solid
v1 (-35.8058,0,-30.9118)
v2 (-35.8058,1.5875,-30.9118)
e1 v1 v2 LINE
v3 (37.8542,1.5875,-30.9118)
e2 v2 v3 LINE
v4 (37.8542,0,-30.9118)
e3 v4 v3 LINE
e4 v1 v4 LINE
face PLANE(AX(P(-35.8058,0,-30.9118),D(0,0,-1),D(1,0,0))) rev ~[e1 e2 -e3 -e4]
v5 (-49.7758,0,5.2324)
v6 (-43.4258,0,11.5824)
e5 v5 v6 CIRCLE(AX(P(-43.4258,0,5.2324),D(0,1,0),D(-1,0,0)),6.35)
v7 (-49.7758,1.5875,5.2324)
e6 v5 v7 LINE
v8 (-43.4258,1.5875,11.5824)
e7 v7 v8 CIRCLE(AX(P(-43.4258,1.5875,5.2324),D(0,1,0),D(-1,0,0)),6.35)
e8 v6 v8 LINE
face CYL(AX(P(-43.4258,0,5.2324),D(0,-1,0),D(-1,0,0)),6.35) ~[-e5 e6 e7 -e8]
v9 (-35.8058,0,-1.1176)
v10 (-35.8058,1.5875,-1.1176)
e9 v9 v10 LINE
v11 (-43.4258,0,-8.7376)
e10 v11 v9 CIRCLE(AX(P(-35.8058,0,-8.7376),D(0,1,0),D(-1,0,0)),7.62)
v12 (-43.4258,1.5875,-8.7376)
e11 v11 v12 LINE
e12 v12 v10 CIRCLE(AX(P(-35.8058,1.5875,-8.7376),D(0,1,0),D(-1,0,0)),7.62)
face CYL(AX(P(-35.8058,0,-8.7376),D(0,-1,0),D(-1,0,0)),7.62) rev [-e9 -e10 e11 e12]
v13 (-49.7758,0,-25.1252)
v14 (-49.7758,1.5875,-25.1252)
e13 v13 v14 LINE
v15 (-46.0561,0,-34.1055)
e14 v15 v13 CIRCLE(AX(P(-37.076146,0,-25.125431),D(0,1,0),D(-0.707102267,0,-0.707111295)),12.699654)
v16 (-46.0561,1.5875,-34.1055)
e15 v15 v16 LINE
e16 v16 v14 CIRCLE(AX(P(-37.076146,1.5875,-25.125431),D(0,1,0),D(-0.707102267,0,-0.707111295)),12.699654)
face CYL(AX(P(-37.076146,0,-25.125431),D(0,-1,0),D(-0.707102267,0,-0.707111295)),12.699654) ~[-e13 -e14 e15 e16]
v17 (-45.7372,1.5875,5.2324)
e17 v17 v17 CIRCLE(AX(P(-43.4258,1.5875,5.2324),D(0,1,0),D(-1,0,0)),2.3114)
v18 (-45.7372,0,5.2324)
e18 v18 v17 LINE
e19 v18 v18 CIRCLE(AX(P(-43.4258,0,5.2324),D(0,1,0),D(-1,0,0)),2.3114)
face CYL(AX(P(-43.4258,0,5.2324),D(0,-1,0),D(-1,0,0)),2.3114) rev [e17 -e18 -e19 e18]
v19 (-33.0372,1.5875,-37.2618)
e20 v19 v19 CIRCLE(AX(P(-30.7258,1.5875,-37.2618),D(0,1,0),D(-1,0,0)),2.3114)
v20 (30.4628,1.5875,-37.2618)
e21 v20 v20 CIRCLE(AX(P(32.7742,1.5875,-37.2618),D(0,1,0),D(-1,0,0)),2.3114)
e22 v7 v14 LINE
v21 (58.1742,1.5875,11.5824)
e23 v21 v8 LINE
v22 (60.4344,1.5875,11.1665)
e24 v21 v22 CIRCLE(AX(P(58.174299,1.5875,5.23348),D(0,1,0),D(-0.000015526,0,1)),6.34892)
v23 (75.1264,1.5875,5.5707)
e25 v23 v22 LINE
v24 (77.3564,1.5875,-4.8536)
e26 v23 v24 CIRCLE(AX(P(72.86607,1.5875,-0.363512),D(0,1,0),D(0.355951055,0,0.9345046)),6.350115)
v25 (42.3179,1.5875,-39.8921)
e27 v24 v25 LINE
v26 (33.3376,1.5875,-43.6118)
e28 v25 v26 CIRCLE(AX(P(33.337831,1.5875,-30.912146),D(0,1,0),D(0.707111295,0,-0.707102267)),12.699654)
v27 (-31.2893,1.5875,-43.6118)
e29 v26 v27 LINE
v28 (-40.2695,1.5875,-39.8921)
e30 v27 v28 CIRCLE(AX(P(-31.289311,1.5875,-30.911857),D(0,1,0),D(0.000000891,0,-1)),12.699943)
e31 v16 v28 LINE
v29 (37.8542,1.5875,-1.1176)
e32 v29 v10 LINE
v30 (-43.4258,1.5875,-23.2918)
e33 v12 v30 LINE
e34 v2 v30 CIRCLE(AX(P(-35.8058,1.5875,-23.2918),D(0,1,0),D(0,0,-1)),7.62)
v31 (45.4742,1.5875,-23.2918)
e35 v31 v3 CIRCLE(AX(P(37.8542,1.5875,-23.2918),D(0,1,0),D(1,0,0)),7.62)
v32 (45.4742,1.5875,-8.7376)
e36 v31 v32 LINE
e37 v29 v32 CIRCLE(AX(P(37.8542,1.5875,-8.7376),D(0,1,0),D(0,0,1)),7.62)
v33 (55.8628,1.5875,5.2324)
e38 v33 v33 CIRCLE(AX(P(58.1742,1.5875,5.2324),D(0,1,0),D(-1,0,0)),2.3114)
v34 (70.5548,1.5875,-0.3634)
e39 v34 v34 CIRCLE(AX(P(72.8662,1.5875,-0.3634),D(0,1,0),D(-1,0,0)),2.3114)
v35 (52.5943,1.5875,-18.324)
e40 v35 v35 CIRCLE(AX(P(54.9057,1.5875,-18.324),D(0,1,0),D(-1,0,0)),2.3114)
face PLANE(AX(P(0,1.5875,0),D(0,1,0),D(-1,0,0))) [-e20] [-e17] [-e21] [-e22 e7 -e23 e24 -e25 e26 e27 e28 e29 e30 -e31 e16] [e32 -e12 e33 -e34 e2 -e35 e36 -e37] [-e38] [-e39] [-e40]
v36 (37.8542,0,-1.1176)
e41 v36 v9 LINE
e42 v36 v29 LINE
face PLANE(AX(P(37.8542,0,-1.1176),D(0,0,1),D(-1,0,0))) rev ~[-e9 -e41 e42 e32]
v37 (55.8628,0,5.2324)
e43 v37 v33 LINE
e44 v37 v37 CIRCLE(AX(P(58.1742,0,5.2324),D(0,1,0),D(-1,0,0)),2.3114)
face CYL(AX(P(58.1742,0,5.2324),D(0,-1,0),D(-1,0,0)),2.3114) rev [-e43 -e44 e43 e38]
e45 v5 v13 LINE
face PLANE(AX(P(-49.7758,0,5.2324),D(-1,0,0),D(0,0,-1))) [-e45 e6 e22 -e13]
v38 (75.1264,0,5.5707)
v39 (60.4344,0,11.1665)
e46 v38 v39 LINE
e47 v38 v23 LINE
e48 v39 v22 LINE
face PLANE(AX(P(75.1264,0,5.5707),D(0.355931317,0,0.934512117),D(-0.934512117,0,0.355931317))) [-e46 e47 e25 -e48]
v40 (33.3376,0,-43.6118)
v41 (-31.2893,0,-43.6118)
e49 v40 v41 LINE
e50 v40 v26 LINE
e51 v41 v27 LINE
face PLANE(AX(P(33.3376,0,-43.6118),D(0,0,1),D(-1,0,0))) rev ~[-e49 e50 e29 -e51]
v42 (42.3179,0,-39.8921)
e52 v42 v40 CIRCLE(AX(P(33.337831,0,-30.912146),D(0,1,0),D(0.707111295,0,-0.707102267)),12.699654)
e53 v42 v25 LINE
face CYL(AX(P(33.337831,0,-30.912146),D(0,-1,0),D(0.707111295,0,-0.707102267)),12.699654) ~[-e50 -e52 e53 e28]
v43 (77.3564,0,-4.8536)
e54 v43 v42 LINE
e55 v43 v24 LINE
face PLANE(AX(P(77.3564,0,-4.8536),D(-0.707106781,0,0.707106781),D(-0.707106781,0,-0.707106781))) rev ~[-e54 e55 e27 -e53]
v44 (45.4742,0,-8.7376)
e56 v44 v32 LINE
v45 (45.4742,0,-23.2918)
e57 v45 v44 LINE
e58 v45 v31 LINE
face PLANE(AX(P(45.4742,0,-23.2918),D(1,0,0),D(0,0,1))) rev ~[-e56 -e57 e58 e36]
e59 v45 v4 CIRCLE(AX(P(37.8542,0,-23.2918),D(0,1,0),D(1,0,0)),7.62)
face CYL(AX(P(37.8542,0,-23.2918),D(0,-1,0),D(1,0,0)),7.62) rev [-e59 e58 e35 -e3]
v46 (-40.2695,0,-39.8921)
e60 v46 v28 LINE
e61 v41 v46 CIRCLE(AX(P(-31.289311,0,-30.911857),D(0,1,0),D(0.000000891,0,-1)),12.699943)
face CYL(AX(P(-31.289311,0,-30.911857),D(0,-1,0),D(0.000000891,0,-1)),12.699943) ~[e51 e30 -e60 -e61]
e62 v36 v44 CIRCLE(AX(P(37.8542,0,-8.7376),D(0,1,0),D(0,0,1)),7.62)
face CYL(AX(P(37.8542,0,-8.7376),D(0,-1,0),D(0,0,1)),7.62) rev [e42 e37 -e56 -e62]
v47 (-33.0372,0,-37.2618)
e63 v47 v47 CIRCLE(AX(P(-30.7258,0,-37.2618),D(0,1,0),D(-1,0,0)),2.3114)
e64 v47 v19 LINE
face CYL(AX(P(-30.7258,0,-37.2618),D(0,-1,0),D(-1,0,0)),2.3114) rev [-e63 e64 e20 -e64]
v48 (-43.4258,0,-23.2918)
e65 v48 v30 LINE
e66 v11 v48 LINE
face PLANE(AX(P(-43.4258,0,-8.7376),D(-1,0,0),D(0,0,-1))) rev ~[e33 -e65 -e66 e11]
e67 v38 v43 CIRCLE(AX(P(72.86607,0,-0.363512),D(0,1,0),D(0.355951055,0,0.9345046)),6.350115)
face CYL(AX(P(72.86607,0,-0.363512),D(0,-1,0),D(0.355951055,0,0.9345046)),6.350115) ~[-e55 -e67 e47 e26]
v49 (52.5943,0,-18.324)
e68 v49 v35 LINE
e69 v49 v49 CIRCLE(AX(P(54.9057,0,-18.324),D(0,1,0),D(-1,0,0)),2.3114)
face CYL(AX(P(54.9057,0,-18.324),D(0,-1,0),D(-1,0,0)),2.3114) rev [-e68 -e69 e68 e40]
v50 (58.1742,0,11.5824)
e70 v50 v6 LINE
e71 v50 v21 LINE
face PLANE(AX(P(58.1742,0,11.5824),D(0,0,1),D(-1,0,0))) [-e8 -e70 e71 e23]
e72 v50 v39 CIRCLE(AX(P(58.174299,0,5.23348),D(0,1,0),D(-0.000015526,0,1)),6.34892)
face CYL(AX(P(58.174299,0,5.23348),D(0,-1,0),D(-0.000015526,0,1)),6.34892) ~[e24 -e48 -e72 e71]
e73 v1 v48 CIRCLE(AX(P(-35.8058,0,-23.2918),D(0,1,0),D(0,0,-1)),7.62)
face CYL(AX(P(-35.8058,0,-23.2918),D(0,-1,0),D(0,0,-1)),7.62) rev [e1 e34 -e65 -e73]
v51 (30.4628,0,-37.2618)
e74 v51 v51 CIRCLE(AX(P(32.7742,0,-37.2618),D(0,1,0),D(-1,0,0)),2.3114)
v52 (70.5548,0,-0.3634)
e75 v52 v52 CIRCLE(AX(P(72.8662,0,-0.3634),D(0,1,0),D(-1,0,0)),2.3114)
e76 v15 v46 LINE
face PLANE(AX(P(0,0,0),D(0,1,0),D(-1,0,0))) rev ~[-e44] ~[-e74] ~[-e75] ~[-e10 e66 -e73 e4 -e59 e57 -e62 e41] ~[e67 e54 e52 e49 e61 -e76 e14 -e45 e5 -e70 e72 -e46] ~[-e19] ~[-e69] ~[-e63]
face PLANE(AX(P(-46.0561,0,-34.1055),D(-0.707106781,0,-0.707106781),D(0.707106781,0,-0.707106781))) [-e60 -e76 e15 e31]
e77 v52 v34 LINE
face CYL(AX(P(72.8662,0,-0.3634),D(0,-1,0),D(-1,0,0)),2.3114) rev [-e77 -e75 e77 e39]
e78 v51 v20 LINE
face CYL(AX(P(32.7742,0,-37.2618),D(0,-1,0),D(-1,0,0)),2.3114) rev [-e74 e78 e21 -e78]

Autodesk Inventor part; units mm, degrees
ref_plane "YZ Plane" through (0, 0, 0) normal (1, 0, 0) x (0, 1, 0)
ref_plane "XZ Plane" through (0, 0, 0) normal (0, 1, 0) x (-1, 0, 0)
ref_plane "XY Plane" through (0, 0, 0) normal (0, 0, 1) x (1, 0, 0)
sketch "Sketch1" plane through (0, 0, 0) normal (0, 1, 0) x (-1, 0, 0)
  line L0 (-37.8542, -1.1176) -> (35.8058, -1.1176)
  line L1 (43.4258, -8.7376) -> (43.4258, -23.2918)
  line L2 (35.8058, -30.9118) -> (-37.8542, -30.9118)
  line L3 (-45.4742, -23.2918) -> (-45.4742, -8.7376)
  arc A0 (-37.8542, -1.1176) -> (-45.4742, -8.7376) centre (-37.8542, -8.7376) ccw
  arc A1 (-45.4742, -23.2918) -> (-37.8542, -30.9118) centre (-37.8542, -23.2918) ccw
  arc A2 (35.8058, -30.9118) -> (43.4258, -23.2918) centre (35.8058, -23.2918) ccw
  arc A3 (43.4258, -8.7376) -> (35.8058, -1.1176) centre (35.8058, -8.7376) ccw
  circle A4 centre (-72.8662, -0.3634) radius 2.3114
  circle A5 centre (-54.9057, -18.324) radius 2.3114
  circle A6 centre (-58.1742, 5.2324) radius 2.3114
  circle A7 centre (-32.7742, -37.2618) radius 2.3114
  circle A8 centre (30.7258, -37.2618) radius 2.3114
  circle A9 centre (43.4258, 5.2324) radius 2.3114
  arc A10 (49.7758, 5.2324) -> (43.4258, 11.5824) centre (43.4258, 5.2324) ccw
  arc A11 (-75.1264, 5.5707) -> (-77.3564, -4.8536) centre (-72.8662, -0.3634) ccw
  arc A12 (-58.1742, 11.5824) -> (-60.4344, 11.1665) centre (-58.1742, 5.2324) ccw
  line L4 (35.8058, -30.9118) -> (-37.8542, -30.9118)
  line L5 (-75.1264, 5.5707) -> (-60.4344, 11.1665)
  line L6 (-77.3564, -4.8536) -> (-42.3179, -39.8921)
  line L7 (-33.3376, -43.6118) -> (31.2893, -43.6118)
  line L8 (-58.1742, 11.5824) -> (43.4258, 11.5824)
  arc A13 (-42.3179, -39.8921) -> (-33.3376, -43.6118) centre (-33.3376, -30.9118) ccw
  arc A14 (35.8058, -30.9118) -> (43.4258, -23.2918) centre (35.8058, -23.2918) ccw
  line L9 (46.0561, -34.1055) -> (40.2695, -39.8921)
  arc A15 (31.2893, -43.6118) -> (40.2695, -39.8921) centre (31.2893, -30.9118) ccw
  line L10 (49.7758, 5.2324) -> (49.7758, -25.1252)
  arc A16 (46.0561, -34.1055) -> (49.7758, -25.1252) centre (37.0758, -25.1252) ccw
  point P0 (0, 0)
  point P1 (43.4258, -30.9118)
  point P2 (43.4258, -1.1176)
  point P3 (-45.4742, -30.9118)
  point P4 (43.4258, -30.9118)
  point P5 (41.194, -28.68)
  dimension "d2" = 7.62
  dimension "d21" = 12.7
extrude "Extrusion1" add sketch "Sketch1" along normal blind 1.5875
properties part number "gusset-2-3.25-full-no-front"
